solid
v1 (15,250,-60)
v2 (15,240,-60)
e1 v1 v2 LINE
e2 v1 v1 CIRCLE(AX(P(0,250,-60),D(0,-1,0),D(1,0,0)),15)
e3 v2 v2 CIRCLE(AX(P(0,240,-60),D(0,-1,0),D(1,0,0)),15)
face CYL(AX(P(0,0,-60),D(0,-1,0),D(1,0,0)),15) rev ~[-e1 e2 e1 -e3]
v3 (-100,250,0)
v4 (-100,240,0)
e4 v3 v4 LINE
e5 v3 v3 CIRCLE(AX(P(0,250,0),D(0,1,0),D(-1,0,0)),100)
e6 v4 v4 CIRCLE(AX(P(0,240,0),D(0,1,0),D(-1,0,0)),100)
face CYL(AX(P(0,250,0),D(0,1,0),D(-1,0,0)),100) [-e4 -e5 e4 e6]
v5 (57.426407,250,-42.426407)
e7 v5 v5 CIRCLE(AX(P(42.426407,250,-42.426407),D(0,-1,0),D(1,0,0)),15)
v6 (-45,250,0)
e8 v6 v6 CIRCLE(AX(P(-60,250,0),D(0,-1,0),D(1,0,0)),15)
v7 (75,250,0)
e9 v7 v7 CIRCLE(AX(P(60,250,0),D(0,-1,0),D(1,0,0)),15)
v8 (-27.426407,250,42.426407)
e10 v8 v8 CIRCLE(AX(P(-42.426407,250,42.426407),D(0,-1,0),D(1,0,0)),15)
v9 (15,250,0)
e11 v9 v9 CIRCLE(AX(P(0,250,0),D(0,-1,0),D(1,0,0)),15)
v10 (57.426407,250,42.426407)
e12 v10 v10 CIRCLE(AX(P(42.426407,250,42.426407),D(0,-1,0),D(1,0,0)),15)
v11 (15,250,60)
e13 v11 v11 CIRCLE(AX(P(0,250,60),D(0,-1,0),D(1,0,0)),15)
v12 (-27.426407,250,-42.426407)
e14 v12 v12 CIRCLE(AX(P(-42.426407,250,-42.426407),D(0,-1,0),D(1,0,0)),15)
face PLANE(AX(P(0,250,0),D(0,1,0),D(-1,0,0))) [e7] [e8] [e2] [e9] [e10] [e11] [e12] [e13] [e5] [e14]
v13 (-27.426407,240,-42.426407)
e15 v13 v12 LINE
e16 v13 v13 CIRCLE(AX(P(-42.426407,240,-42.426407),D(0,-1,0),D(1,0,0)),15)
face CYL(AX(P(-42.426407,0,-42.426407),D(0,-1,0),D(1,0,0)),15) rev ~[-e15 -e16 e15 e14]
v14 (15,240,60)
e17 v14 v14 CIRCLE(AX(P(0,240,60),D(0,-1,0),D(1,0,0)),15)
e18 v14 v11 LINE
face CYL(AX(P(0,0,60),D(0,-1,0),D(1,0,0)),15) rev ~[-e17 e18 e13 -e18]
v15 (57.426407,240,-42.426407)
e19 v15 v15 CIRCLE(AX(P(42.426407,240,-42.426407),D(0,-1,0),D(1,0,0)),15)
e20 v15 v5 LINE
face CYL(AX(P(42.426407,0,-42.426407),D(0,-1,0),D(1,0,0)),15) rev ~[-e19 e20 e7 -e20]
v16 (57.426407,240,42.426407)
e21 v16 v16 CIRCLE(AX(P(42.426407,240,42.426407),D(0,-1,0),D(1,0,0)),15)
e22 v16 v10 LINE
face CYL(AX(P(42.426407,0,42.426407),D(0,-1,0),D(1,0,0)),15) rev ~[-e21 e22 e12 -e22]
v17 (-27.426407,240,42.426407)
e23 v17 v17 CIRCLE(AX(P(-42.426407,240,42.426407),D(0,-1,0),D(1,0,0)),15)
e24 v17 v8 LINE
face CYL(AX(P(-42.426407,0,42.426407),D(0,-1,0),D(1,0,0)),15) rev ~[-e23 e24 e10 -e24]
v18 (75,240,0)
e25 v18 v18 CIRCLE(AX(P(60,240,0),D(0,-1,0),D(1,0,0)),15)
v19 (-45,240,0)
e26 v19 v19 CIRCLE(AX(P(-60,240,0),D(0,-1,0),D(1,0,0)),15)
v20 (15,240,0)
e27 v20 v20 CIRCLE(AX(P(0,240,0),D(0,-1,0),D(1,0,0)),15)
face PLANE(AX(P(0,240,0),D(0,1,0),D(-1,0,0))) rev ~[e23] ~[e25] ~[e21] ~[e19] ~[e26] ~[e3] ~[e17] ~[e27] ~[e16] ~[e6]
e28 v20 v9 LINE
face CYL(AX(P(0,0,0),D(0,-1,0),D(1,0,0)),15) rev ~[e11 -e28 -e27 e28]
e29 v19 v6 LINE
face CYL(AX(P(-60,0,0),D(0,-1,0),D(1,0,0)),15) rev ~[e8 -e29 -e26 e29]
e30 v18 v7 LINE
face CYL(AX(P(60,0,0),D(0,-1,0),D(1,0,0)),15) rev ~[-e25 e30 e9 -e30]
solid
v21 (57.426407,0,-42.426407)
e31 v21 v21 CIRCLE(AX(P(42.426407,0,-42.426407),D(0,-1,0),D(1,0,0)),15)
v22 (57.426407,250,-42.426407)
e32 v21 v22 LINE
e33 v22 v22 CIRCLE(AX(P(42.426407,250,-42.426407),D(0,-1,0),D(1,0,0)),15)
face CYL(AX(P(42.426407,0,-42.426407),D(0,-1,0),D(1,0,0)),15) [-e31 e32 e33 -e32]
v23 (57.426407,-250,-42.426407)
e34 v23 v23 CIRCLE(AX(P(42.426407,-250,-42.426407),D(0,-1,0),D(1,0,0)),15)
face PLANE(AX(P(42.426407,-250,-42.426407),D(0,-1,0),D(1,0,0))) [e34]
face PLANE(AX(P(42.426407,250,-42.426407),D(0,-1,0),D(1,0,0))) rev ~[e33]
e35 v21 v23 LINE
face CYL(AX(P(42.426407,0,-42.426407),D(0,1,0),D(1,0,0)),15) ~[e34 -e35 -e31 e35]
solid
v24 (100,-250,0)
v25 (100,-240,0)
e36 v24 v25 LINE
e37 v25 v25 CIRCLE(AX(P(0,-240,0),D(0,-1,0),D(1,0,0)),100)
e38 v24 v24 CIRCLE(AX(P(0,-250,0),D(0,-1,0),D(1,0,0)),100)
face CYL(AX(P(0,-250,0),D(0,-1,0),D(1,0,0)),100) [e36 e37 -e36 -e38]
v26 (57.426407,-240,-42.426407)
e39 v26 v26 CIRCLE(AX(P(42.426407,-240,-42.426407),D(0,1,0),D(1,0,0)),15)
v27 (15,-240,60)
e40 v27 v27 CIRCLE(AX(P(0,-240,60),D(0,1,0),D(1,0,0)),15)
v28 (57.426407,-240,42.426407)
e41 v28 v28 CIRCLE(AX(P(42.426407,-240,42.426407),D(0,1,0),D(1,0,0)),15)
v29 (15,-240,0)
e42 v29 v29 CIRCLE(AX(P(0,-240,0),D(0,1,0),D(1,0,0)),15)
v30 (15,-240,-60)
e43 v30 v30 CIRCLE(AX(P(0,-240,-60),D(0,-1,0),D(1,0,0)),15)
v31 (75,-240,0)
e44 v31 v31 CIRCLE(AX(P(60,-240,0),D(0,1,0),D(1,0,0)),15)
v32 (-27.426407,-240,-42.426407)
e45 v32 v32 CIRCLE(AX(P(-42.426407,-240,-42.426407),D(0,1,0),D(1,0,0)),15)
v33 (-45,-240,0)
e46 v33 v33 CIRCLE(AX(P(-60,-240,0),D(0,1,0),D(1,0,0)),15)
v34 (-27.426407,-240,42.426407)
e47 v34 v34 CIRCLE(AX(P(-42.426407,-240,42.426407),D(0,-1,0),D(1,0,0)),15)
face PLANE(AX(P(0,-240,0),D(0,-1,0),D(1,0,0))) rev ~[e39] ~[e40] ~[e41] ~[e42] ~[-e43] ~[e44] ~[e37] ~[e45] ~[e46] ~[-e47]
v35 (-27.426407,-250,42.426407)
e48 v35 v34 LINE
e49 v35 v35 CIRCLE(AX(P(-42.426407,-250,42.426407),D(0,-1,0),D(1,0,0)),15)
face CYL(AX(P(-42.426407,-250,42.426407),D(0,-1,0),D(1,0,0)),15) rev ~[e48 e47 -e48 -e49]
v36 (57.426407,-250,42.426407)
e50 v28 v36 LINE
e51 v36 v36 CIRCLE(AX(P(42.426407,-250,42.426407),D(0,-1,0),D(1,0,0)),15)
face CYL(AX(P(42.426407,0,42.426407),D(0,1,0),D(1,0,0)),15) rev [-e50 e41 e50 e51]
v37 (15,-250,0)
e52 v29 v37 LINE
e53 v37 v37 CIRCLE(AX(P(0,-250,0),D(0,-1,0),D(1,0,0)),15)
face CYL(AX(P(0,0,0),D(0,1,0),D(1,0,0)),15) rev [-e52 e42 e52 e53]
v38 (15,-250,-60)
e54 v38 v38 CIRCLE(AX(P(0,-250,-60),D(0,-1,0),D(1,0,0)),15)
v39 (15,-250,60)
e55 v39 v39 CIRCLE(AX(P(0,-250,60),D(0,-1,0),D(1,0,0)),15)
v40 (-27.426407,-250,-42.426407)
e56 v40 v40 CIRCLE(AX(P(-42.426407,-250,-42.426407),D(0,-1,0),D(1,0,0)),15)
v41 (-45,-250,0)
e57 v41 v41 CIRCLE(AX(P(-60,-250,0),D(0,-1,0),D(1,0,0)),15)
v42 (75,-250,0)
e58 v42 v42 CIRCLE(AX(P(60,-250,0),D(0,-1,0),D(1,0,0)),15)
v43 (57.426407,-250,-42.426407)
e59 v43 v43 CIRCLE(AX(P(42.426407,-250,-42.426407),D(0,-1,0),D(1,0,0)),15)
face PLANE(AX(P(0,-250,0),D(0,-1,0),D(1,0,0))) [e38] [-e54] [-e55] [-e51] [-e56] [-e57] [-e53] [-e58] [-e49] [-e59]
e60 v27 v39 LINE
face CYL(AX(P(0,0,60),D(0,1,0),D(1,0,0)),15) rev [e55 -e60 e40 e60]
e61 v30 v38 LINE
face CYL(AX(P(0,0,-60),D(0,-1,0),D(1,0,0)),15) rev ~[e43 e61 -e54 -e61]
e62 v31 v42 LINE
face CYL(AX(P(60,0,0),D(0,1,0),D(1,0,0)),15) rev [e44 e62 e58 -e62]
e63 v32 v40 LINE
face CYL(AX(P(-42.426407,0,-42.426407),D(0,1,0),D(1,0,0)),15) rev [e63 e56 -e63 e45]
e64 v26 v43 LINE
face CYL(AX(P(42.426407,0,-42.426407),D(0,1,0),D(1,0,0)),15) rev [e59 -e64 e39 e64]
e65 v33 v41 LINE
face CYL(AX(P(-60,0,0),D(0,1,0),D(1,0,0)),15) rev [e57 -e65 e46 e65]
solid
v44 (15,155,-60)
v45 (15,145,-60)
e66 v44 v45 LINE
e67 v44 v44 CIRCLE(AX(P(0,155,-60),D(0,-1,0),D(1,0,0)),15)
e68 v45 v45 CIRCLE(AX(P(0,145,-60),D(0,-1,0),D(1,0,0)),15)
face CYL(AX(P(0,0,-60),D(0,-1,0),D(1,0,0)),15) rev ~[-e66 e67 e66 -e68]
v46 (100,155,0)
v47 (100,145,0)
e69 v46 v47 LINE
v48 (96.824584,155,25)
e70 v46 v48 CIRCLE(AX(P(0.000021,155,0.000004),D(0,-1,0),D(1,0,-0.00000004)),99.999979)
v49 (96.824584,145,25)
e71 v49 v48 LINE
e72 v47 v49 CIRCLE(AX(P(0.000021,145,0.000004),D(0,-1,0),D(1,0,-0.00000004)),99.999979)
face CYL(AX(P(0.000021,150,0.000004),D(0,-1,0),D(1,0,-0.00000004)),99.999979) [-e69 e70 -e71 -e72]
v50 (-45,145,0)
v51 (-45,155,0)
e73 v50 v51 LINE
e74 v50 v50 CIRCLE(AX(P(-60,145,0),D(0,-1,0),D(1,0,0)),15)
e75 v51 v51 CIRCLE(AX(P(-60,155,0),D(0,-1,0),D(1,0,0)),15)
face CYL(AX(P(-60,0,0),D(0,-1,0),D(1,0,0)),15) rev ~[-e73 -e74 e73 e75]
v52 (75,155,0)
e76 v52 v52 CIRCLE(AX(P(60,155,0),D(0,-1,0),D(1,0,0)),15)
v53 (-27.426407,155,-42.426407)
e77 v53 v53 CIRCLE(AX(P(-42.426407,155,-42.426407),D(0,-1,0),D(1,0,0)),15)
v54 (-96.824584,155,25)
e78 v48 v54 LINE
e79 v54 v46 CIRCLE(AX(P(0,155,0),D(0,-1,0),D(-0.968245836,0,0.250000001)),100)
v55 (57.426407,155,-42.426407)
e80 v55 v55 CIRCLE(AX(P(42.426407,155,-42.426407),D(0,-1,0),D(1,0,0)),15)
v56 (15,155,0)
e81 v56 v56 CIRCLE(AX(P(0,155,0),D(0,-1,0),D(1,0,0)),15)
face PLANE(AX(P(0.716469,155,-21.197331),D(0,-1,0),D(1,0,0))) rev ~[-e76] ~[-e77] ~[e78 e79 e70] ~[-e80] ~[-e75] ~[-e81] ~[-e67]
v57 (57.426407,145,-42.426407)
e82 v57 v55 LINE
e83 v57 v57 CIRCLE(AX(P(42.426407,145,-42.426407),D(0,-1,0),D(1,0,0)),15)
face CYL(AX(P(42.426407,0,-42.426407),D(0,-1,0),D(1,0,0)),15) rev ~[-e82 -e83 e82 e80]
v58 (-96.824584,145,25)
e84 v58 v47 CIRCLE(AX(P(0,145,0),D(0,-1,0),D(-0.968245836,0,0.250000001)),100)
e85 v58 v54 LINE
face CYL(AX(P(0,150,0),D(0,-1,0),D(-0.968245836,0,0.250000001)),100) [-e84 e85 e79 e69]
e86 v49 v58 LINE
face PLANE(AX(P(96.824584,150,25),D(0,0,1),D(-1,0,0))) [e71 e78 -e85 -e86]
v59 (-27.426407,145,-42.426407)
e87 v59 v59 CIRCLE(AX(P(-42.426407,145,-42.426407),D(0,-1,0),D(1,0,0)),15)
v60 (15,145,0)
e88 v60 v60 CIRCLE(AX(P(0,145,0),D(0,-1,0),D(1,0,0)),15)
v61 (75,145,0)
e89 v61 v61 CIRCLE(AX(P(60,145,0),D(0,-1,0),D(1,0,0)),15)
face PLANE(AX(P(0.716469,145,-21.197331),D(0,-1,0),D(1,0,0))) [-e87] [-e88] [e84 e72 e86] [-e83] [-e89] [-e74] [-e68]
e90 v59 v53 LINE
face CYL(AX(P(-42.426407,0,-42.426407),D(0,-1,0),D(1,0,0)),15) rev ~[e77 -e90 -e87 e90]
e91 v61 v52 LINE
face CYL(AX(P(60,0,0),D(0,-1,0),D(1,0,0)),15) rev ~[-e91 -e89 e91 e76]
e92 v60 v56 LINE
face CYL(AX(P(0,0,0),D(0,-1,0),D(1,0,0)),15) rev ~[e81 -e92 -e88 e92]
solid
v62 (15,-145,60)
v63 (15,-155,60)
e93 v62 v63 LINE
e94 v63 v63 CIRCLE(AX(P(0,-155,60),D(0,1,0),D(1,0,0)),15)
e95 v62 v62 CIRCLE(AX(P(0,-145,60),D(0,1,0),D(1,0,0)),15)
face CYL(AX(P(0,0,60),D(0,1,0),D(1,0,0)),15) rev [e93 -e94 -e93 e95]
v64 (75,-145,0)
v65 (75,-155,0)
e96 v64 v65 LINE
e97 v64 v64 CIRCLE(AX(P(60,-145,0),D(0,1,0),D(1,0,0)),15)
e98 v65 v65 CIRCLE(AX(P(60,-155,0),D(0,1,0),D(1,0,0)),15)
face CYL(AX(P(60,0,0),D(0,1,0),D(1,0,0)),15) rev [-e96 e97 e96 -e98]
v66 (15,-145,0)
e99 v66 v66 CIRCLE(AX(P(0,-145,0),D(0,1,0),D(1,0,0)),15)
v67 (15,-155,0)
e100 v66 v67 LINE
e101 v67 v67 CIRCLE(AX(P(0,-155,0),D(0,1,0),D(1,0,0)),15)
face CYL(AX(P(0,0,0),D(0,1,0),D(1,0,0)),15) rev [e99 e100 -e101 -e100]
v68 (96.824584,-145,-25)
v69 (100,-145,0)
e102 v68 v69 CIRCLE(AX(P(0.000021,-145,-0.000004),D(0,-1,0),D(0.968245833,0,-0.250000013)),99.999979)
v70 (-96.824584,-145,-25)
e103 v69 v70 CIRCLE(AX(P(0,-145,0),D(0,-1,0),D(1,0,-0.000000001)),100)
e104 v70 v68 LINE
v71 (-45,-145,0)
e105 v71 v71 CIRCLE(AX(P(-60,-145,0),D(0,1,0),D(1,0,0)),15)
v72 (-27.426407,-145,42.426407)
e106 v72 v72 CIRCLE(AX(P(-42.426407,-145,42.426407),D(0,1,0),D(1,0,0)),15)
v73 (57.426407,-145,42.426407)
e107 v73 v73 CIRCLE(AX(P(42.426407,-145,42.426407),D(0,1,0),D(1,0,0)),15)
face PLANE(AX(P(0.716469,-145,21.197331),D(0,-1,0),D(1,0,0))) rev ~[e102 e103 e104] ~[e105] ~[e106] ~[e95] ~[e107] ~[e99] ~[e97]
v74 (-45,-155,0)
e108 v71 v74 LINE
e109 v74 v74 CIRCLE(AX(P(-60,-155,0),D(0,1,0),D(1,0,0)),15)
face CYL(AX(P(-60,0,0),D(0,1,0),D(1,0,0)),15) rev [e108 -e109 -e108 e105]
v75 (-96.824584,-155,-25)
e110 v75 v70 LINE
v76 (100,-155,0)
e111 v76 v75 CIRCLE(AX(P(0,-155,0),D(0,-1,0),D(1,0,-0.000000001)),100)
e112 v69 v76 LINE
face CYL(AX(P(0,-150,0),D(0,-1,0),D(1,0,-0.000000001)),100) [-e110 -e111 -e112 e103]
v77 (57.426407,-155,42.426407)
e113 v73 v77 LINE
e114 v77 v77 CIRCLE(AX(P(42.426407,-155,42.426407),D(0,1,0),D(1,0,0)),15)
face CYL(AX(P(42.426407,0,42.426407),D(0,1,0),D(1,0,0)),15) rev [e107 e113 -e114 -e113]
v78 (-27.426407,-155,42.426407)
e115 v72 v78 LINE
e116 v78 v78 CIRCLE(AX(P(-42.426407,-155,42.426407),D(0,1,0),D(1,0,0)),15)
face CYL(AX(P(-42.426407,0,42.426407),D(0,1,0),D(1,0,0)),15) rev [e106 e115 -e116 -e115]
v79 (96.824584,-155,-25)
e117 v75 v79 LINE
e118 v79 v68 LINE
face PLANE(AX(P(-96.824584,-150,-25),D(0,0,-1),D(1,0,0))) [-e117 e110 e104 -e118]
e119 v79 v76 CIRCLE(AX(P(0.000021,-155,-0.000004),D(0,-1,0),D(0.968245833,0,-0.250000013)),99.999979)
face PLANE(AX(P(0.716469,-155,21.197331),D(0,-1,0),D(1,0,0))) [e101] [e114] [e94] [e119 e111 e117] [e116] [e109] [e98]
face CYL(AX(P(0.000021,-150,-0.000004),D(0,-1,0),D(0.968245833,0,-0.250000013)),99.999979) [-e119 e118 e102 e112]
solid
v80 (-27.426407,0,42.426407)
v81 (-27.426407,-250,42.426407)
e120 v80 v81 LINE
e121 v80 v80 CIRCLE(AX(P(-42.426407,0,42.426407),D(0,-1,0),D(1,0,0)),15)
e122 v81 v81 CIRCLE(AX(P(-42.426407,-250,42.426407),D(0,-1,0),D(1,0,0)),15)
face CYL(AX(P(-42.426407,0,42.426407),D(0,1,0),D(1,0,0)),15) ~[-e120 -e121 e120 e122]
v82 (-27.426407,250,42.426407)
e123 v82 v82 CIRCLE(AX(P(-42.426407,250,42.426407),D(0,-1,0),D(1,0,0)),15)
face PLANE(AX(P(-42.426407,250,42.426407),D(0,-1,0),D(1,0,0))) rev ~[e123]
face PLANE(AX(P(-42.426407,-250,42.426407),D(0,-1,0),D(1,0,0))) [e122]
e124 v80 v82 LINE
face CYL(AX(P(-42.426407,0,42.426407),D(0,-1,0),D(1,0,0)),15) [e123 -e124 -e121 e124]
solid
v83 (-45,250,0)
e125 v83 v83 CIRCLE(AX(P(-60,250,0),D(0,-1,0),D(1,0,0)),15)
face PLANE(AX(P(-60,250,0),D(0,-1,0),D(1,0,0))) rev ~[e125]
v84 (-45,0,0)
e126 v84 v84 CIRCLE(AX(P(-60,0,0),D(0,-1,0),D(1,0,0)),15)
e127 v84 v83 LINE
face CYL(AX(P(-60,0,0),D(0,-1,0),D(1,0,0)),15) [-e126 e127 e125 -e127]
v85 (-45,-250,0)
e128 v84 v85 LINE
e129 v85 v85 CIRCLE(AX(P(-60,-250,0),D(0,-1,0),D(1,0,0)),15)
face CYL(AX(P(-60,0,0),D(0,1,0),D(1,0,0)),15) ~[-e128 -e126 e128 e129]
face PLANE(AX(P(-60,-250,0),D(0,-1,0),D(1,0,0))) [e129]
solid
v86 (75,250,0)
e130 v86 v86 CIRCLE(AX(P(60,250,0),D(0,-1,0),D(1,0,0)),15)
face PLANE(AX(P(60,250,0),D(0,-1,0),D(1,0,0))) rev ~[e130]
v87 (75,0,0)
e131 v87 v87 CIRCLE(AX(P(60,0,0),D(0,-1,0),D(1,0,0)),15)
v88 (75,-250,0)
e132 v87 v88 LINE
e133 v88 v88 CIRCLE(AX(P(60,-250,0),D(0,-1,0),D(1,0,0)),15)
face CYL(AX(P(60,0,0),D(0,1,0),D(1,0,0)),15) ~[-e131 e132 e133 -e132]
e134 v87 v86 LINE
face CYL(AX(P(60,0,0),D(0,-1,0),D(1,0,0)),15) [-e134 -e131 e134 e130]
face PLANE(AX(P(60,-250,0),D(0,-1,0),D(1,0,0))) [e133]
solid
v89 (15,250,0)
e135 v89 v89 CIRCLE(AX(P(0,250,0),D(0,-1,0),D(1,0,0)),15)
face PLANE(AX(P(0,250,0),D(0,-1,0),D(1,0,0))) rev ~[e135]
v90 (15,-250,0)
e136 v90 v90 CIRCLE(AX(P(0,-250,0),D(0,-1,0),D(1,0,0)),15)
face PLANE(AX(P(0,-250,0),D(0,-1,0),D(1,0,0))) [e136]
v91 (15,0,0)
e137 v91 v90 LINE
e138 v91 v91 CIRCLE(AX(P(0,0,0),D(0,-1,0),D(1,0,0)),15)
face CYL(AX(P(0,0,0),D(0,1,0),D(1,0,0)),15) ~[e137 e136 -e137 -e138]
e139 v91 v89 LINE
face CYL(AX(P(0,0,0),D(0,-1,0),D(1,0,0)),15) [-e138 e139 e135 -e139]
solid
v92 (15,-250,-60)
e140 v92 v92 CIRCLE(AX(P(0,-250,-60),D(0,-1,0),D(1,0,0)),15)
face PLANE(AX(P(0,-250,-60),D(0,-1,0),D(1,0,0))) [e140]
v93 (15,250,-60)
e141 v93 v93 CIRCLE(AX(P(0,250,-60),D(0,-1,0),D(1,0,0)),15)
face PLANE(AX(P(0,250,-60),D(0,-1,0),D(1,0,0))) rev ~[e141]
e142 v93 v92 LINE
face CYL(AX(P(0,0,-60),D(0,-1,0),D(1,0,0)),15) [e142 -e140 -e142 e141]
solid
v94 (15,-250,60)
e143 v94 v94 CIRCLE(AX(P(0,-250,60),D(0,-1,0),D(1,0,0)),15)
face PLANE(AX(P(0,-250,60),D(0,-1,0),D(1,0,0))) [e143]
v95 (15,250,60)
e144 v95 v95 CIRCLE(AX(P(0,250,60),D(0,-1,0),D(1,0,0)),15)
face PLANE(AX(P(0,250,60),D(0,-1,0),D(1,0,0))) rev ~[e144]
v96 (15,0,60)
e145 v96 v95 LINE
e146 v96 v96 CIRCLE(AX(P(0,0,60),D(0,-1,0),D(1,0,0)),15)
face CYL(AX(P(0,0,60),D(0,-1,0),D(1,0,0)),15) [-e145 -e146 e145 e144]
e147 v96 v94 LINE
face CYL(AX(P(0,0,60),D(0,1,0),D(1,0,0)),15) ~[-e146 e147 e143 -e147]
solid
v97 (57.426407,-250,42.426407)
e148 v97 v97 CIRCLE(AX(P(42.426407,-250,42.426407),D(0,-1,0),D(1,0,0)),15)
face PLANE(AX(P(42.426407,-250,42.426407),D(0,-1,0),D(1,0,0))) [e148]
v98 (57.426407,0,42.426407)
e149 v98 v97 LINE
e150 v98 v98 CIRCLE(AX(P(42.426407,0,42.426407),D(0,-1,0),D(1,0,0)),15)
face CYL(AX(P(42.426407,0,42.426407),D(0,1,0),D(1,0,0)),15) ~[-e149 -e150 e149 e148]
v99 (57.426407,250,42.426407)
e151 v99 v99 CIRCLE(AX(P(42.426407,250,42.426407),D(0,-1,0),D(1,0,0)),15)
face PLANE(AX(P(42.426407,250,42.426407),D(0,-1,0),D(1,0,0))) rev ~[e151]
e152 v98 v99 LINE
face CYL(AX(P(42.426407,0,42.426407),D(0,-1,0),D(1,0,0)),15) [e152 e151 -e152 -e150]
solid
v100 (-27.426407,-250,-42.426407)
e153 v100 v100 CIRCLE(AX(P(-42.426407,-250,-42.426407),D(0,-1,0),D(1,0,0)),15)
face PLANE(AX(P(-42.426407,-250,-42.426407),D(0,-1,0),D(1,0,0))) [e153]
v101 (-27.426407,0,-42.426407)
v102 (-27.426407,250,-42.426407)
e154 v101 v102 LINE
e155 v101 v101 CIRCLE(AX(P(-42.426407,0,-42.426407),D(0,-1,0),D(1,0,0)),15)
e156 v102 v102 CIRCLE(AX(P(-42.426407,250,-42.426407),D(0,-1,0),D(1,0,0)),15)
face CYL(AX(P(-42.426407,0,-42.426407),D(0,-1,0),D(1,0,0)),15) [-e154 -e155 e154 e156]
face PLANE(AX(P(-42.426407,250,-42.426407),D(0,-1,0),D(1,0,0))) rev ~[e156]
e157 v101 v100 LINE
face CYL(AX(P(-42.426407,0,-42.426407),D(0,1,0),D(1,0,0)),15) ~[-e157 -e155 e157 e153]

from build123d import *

# Parameters (mm, degrees)
F1_R      = 15
F2_DEPTH  = 250
F3_R      = 100
F3_R_2    = 15
F4_DEPTH  = 10
F6_R      = 100
F7_DEPTH  = 10
F12_DEPTH = 5
F15_DEPTH = 5


with BuildPart() as f2:
    # F1 (on Front) → F2 (new body, symmetric)
    with BuildSketch(Plane.XZ):
        with Locations((42.426407, 42.426407)):
            Circle(F1_R)
        with Locations((-42.426407, 42.426407)):
            Circle(F1_R)
        Circle(F1_R)
        with Locations((-60, 0)):
            Circle(F1_R)
        with Locations((-42.426407, -42.426407)):
            Circle(F1_R)
        with Locations((42.426407, -42.426407)):
            Circle(F1_R)
        with Locations((60, 0)):
            Circle(F1_R)
        with Locations((0, 60)):
            Circle(F1_R)
        with Locations((0, -60)):
            Circle(F1_R)
    extrude(amount=F2_DEPTH, both=True)


with BuildPart() as f4:
    # F3 (on face) → F4 (new body)
    with BuildSketch(Plane.XZ.offset(250)):
        Circle(F3_R)
        with Locations((-42.426407, 42.426407)):
            Circle(F3_R_2, mode=Mode.SUBTRACT)
    extrude(amount=-F4_DEPTH)

    # F5: cut F2
    add(f2.part, mode=Mode.SUBTRACT)


with BuildPart() as f7:
    # F6 (on face) → F7 (new body)
    with BuildSketch(Plane(origin=(0, 250, 0), x_dir=(-1, 0, 0), z_dir=(0, 1, 0))):
        Circle(F6_R)
    extrude(amount=-F7_DEPTH)

    # F8: cut F2
    add(f2.part, mode=Mode.SUBTRACT)


with BuildPart() as f12:
    # F11 (on offset) → F12 (new body, symmetric)
    with BuildSketch(Plane.XZ.offset(150)):
        with BuildLine():
            ThreePointArc((96.824584, -25), (99.20297, -12.600429), (100, 0))
            ThreePointArc((100, 0), (-12.600429, 99.20297), (-96.824584, -25))
            Line((-96.824584, -25), (96.824584, -25))
        make_face()
    extrude(amount=F12_DEPTH, both=True)

    # F13: cut F2
    add(f2.part, mode=Mode.SUBTRACT)


with BuildPart() as f15:
    # F14 (on offset) → F15 (new body, symmetric)
    with BuildSketch(Plane.XZ.offset(-150)):
        with BuildLine():
            ThreePointArc((-96.824584, 25), (-12.600429, -99.20297), (100, 0))
            ThreePointArc((100, 0), (99.20297, 12.600429), (96.824584, 25))
            Line((96.824584, 25), (-96.824584, 25))
        make_face()
    extrude(amount=F15_DEPTH, both=True)

    # F16: cut F2
    add(f2.part, mode=Mode.SUBTRACT)


solid = Compound([f2.part, f4.part, f7.part, f12.part, f15.part])
